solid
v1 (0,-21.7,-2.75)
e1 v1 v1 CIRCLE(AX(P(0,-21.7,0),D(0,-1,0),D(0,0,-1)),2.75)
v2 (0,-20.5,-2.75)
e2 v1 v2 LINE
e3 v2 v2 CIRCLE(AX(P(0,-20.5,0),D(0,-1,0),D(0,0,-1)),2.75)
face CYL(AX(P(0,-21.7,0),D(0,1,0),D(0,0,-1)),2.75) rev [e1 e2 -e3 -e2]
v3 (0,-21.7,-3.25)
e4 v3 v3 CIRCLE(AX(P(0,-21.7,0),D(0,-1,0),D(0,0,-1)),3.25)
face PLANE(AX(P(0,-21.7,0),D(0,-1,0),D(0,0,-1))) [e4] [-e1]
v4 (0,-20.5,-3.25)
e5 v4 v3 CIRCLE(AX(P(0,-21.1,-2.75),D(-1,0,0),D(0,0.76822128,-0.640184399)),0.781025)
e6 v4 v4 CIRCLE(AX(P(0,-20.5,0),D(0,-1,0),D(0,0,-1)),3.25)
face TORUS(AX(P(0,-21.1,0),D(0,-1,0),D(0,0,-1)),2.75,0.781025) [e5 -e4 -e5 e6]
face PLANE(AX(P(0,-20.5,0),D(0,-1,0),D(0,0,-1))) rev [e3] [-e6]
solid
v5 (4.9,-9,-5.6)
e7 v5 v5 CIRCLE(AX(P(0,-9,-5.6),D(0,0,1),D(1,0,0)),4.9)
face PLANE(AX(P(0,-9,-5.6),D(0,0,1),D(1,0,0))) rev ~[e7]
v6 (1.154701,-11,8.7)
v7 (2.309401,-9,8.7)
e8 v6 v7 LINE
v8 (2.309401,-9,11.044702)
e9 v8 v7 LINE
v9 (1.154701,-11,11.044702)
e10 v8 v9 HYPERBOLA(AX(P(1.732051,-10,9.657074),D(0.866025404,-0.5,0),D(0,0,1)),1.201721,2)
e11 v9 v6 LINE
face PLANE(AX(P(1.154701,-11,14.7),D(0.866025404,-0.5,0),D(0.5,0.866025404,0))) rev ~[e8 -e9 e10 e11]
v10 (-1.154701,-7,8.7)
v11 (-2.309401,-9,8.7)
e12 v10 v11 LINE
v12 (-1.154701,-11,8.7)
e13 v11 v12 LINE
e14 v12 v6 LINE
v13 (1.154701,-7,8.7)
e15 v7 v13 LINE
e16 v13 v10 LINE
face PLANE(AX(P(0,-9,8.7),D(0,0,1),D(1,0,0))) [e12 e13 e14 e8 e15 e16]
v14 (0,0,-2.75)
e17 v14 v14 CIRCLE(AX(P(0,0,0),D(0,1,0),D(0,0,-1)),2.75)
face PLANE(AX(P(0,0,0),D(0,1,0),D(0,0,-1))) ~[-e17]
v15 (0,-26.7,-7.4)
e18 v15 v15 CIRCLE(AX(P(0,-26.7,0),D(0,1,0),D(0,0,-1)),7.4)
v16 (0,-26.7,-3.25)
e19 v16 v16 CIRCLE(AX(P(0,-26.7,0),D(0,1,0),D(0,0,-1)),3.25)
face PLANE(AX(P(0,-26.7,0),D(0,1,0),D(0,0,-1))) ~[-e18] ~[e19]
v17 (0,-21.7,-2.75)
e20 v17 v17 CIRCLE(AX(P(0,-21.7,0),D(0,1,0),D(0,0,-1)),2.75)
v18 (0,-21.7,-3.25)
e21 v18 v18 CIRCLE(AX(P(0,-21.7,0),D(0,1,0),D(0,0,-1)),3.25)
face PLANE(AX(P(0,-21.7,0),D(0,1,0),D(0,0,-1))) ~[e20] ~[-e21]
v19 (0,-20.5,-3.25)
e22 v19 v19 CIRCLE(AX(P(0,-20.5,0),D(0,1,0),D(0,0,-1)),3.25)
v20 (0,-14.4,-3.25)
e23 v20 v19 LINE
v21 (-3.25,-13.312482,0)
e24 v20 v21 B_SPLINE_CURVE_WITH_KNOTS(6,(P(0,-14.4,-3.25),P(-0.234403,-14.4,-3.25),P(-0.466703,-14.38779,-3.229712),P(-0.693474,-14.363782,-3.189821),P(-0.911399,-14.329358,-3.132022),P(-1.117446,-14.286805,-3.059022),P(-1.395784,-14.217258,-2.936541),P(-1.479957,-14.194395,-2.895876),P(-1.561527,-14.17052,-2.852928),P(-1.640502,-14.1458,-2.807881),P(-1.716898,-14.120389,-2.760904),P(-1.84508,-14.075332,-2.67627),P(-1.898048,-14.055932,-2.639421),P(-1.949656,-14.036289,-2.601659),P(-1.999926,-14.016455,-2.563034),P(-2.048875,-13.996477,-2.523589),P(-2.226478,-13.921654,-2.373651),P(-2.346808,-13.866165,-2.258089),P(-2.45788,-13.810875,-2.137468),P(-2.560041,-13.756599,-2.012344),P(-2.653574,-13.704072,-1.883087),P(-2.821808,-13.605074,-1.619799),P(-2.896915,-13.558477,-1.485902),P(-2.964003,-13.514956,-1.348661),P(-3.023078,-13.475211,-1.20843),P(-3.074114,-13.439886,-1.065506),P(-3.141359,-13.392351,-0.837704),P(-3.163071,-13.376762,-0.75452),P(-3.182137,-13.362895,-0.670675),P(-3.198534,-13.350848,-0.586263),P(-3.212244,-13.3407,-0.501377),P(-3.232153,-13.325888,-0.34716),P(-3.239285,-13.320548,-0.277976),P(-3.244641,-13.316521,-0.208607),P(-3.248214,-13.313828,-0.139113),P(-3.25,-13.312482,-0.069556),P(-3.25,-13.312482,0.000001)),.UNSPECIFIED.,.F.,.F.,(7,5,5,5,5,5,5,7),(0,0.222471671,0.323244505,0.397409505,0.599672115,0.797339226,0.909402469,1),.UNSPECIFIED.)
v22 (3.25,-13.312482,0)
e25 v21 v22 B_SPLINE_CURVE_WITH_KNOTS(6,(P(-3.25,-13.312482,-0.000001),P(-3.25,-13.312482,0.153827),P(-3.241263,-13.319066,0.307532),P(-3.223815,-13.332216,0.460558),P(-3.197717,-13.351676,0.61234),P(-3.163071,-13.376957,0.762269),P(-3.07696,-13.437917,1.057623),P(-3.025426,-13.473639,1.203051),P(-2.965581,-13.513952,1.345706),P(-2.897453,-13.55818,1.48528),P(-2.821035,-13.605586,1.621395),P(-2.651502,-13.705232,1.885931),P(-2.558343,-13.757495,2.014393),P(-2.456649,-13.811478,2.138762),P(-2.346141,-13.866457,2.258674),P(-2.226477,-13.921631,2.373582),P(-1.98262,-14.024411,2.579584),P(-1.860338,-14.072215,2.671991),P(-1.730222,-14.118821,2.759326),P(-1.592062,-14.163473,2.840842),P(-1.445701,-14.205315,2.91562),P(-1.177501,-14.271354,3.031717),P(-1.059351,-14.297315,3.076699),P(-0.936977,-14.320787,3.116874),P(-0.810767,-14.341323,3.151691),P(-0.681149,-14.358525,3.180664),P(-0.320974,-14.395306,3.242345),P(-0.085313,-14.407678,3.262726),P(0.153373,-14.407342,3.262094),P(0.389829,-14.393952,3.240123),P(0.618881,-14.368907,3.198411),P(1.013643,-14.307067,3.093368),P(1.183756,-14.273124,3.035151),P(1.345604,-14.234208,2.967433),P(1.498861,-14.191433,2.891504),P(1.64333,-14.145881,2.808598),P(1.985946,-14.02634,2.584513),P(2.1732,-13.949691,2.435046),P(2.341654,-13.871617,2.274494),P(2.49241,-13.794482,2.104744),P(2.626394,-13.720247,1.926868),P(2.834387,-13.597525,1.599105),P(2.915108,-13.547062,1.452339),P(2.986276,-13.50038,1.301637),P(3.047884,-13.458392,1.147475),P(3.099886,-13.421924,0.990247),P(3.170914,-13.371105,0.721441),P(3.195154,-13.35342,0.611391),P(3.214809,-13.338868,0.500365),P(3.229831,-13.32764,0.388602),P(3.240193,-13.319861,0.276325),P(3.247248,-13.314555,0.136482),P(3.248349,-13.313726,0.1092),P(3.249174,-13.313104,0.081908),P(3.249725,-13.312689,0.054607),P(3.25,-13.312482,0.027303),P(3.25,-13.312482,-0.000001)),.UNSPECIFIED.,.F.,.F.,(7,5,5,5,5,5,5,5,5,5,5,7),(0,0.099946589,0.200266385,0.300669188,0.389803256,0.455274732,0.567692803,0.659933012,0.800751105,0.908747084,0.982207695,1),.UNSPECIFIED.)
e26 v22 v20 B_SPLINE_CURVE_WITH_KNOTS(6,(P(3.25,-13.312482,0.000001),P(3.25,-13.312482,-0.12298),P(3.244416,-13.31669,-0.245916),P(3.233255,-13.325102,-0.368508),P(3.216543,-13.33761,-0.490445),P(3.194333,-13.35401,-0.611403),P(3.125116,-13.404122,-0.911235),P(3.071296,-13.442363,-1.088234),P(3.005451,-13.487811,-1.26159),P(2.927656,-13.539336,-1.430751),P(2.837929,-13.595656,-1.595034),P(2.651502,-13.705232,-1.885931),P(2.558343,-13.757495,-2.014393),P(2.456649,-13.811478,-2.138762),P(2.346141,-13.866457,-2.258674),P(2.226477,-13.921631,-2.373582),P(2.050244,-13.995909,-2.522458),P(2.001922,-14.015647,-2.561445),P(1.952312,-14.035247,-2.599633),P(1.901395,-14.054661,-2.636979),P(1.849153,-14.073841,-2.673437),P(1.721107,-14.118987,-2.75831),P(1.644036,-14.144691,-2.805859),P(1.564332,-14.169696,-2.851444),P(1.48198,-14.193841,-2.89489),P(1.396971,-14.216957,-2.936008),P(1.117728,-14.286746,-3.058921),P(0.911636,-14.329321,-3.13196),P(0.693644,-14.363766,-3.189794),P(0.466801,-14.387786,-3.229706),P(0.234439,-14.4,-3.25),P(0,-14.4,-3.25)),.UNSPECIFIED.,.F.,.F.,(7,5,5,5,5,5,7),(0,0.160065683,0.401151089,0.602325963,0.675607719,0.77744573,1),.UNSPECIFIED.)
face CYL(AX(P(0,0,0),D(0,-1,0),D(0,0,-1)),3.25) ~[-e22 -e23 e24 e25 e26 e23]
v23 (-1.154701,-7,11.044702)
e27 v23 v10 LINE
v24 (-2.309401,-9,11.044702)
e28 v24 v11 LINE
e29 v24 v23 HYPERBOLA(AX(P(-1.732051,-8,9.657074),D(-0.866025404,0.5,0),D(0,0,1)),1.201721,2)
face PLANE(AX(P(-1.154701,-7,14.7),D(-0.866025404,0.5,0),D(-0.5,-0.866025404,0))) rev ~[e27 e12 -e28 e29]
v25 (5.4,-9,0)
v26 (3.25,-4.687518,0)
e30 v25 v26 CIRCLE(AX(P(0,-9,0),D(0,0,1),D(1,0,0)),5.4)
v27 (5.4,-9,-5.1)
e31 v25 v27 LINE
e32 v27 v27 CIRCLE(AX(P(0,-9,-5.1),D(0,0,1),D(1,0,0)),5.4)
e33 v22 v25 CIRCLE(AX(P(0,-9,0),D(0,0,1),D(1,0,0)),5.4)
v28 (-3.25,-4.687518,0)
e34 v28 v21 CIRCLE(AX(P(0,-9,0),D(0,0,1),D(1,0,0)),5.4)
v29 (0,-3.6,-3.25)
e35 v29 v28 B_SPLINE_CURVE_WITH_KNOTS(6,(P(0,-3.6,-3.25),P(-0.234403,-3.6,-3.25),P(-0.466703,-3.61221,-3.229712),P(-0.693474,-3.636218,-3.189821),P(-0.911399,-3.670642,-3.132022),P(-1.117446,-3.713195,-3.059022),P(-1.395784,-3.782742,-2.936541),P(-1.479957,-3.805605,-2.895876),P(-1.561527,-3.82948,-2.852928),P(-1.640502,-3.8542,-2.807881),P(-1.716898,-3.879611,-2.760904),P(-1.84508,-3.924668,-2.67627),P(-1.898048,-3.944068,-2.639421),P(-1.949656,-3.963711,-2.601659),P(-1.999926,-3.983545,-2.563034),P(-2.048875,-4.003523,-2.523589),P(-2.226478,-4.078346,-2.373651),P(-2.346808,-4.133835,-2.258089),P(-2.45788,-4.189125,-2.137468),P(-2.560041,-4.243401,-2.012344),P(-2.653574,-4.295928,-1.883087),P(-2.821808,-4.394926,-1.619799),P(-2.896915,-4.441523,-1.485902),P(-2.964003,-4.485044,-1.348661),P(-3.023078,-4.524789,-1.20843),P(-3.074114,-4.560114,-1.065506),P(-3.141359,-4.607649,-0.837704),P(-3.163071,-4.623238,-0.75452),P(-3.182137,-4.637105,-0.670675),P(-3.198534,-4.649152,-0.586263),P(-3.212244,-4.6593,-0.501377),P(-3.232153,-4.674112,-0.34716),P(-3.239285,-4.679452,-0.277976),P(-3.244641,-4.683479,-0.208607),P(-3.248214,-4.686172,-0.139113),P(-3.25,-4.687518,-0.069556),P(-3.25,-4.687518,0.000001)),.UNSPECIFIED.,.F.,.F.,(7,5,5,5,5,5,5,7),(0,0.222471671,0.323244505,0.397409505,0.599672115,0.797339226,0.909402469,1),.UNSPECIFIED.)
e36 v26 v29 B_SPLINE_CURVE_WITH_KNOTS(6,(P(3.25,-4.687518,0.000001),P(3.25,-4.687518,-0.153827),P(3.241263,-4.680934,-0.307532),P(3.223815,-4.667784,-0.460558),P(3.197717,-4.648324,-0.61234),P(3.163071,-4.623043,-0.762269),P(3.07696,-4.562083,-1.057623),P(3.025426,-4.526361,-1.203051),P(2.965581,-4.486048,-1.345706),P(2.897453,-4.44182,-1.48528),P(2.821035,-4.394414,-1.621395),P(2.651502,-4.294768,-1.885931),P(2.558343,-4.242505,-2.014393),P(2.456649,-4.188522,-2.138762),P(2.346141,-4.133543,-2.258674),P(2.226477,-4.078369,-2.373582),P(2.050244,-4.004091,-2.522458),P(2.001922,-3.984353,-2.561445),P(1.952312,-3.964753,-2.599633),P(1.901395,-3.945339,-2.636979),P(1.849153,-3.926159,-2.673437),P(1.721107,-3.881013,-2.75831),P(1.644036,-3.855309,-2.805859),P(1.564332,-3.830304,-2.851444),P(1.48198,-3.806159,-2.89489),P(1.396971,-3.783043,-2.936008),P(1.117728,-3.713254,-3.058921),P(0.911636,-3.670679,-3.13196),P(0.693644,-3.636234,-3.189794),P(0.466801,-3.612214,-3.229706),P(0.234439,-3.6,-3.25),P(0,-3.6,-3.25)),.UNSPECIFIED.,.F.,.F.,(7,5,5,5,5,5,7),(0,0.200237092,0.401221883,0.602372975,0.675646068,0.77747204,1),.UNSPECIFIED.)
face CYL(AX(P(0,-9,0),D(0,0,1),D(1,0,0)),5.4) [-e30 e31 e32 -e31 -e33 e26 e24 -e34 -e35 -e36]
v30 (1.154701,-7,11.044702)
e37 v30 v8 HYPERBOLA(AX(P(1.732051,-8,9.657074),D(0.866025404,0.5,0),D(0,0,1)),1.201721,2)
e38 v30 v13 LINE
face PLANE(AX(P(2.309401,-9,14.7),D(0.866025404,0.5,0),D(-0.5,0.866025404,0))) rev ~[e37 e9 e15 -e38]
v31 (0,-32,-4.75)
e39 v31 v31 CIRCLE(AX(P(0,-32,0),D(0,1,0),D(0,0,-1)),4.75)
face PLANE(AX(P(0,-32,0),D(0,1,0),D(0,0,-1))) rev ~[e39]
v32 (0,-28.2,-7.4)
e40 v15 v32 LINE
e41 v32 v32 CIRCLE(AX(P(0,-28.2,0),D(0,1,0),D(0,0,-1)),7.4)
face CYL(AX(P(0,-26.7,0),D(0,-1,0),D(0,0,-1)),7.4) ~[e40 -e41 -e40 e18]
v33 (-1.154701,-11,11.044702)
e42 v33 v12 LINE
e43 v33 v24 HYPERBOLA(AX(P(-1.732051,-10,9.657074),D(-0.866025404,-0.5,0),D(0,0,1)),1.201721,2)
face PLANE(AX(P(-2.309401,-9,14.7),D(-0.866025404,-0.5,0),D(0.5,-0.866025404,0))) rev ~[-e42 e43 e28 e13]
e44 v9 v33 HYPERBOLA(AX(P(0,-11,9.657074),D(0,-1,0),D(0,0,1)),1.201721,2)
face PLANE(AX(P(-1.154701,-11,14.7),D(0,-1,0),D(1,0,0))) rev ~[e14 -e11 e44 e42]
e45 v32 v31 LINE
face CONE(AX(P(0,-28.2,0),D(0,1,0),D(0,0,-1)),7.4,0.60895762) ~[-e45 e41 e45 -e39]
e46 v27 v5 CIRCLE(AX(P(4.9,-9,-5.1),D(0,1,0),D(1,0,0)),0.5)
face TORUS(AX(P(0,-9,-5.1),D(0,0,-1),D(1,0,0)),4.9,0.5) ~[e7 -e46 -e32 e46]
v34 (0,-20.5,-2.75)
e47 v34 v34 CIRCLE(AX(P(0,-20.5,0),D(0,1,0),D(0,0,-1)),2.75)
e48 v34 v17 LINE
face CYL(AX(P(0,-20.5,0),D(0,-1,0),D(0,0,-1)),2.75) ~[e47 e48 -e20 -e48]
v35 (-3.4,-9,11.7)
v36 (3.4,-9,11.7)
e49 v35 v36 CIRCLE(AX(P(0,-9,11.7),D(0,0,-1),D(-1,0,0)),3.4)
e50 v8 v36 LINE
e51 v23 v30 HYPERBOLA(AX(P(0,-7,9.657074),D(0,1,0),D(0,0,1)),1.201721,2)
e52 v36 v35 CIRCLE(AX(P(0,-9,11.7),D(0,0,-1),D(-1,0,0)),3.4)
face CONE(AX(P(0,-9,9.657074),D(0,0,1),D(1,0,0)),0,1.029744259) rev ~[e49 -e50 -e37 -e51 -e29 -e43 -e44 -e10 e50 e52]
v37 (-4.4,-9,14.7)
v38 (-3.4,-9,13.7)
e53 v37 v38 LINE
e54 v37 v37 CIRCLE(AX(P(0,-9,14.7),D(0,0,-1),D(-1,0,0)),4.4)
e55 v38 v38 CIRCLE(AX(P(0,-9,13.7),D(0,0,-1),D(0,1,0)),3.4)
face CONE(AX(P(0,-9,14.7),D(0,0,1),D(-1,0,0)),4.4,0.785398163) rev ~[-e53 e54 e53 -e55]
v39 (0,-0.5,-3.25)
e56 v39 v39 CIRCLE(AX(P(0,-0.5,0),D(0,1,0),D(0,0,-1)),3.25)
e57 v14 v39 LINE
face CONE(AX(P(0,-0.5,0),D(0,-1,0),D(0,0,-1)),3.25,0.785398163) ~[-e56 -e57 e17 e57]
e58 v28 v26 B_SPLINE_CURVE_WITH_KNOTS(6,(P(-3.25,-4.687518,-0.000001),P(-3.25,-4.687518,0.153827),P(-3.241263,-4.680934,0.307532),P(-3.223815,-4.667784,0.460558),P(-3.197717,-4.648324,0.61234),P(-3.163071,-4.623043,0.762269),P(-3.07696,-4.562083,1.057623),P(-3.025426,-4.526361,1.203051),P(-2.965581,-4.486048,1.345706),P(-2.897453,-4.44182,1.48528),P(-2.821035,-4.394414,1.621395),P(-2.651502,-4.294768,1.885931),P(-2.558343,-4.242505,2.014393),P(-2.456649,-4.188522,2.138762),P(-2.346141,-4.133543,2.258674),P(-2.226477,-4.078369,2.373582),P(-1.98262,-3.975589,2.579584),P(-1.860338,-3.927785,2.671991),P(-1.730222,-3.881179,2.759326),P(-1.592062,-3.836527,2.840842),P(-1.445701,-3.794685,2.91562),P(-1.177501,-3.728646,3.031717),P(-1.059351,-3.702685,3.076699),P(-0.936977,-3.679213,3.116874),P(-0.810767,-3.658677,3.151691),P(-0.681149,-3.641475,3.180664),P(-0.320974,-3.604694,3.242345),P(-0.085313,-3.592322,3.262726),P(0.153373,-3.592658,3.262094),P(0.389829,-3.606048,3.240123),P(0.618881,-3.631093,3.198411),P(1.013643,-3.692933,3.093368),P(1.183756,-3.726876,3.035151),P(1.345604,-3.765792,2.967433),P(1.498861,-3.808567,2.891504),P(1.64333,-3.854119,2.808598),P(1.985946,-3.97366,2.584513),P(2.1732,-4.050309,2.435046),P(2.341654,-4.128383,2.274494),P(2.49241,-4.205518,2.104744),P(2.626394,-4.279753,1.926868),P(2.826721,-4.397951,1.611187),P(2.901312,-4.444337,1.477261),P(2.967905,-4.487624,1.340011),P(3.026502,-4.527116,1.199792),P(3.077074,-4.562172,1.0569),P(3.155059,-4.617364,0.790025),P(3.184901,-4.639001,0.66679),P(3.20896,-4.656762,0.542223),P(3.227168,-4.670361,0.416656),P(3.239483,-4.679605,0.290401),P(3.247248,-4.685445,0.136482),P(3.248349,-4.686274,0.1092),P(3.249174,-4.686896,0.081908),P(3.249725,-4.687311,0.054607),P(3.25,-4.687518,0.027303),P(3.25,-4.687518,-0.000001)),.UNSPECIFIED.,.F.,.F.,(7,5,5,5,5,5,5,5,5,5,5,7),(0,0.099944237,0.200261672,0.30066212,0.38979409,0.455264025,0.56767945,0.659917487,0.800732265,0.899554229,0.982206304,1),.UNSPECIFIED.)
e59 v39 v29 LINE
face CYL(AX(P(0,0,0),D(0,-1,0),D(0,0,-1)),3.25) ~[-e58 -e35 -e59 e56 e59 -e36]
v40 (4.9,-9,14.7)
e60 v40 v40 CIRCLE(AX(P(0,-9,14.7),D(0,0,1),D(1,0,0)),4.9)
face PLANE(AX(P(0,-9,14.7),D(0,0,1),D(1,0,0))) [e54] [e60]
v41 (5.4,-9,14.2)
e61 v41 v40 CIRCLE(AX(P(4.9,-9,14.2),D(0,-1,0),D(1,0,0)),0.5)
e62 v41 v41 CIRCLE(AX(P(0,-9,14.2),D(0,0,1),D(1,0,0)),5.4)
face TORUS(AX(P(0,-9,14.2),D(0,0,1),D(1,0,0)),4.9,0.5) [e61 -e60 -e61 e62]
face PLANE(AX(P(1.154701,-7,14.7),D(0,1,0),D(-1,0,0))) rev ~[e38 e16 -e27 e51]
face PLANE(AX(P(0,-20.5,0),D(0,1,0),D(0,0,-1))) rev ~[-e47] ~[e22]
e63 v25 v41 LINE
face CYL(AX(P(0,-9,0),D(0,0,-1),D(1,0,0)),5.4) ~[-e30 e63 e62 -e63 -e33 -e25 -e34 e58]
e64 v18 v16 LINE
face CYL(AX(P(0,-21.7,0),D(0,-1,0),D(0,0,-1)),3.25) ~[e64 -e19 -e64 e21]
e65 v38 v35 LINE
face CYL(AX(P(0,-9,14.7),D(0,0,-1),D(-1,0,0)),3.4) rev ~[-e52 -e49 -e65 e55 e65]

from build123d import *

# Parameters (mm, degrees)
CHAMFER_1_SIZE              = 0.5
SKETCH_12_R                 = 5.4
EXTRUDE_2_DEPTH             = 14.7
EXTRUDE_2_DEPTH_BACK        = 5.6
HOLE_WIZARD_M81_D           = 6.8
HOLE_WIZARD_M81_DEPTH       = 3
HOLE_WIZARD_M81_CSINK_D     = 8.8
HOLE_WIZARD_M81_CSINK_ANGLE = 90
HOLE_WIZARD_M81_TIP         = 2.042926105
FILLET_1_R                  = 0.5
CUT_EXTRUDE_2_DEPTH         = 6


with BuildPart() as part:
    # Эскиз3 → Повернуть1 (revolve)
    with BuildSketch(Plane.XY, mode=Mode.PRIVATE) as revolve_1_sk:
        Polygon((0, 0), (-3.25, 0), (-3.25, -20.5), (-2.75, -20.5), (-2.75, -21.7), (-3.25, -21.7), (-3.25, -26.7), (-7.4, -26.7), (-7.4, -28.2), (-4.75, -32), (0, -32), align=None)
    revolve(revolve_1_sk.sketch.rotate(Axis((0, 0, 0), (0, 1, 0)), 270), axis=Axis((0, 0, 0), (0, 1, 0)))  # turned: the seam where the file's is

    # Фаска1
    chamfer_1_edges = [part.edges().sort_by_distance(p)[0] for p in [
        (0, 0, 3.25),
    ]]
    chamfer(chamfer_1_edges, length=CHAMFER_1_SIZE)

    # Эскиз12 → Бобышка-Вытянуть2 (add, two sides)
    with BuildSketch(Plane.XY) as extrude_2_sk:
        with Locations((0, -9)):
            Circle(SKETCH_12_R)
    extrude(amount=EXTRUDE_2_DEPTH)
    extrude(extrude_2_sk.sketch, amount=-EXTRUDE_2_DEPTH_BACK)

    # Отверстие обработанное метчиком M81
    with Locations(Plane.XY.offset(14.7)):
        with Locations((0, -9)):
            CounterSinkHole(HOLE_WIZARD_M81_D / 2, HOLE_WIZARD_M81_CSINK_D / 2, depth=HOLE_WIZARD_M81_DEPTH, counter_sink_angle=HOLE_WIZARD_M81_CSINK_ANGLE)
            with Locations((0, 0, -(HOLE_WIZARD_M81_DEPTH + HOLE_WIZARD_M81_TIP / 2))):  # 118° drill point
                Cone(0, HOLE_WIZARD_M81_D / 2, HOLE_WIZARD_M81_TIP, mode=Mode.SUBTRACT)

    # Скругление1
    fillet_1_edges = [part.edges().sort_by_distance(p)[0] for p in [
        (-5.4, -9, -5.6),
        (-5.4, -9, 14.7),
    ]]
    fillet(fillet_1_edges, radius=FILLET_1_R)

    # Эскиз15 → Вырез-Вытянуть2 (cut)
    with BuildSketch(Plane.XY.offset(14.7)):
        Polygon((2.309401077, -9), (1.154700538, -7), (-1.154700538, -7), (-2.309401077, -9), (-1.154700538, -11), (1.154700538, -11), align=None)
    extrude(amount=-CUT_EXTRUDE_2_DEPTH, mode=Mode.SUBTRACT)


with BuildPart() as body_2:
    # Эскиз16 → Повернуть2 (revolve)
    with BuildSketch(Plane.XY, mode=Mode.PRIVATE) as revolve_2_sk:
        with BuildLine():
            Line((-2.75, -20.5), (-3.25, -20.5))
            ThreePointArc((-3.25, -20.5), (-3.531024968, -21.1), (-3.25, -21.7))
            Line((-3.25, -21.7), (-2.75, -21.7))
            Line((-2.75, -21.7), (-2.75, -20.5))
        make_face()
    revolve(revolve_2_sk.sketch.rotate(Axis((0, -20.5, 0), (0, -1, 0)), 90), axis=Axis((0, -20.5, 0), (0, -1, 0)))  # turned: the seam where the file's is


solid = Compound([part.part, body_2.part])
